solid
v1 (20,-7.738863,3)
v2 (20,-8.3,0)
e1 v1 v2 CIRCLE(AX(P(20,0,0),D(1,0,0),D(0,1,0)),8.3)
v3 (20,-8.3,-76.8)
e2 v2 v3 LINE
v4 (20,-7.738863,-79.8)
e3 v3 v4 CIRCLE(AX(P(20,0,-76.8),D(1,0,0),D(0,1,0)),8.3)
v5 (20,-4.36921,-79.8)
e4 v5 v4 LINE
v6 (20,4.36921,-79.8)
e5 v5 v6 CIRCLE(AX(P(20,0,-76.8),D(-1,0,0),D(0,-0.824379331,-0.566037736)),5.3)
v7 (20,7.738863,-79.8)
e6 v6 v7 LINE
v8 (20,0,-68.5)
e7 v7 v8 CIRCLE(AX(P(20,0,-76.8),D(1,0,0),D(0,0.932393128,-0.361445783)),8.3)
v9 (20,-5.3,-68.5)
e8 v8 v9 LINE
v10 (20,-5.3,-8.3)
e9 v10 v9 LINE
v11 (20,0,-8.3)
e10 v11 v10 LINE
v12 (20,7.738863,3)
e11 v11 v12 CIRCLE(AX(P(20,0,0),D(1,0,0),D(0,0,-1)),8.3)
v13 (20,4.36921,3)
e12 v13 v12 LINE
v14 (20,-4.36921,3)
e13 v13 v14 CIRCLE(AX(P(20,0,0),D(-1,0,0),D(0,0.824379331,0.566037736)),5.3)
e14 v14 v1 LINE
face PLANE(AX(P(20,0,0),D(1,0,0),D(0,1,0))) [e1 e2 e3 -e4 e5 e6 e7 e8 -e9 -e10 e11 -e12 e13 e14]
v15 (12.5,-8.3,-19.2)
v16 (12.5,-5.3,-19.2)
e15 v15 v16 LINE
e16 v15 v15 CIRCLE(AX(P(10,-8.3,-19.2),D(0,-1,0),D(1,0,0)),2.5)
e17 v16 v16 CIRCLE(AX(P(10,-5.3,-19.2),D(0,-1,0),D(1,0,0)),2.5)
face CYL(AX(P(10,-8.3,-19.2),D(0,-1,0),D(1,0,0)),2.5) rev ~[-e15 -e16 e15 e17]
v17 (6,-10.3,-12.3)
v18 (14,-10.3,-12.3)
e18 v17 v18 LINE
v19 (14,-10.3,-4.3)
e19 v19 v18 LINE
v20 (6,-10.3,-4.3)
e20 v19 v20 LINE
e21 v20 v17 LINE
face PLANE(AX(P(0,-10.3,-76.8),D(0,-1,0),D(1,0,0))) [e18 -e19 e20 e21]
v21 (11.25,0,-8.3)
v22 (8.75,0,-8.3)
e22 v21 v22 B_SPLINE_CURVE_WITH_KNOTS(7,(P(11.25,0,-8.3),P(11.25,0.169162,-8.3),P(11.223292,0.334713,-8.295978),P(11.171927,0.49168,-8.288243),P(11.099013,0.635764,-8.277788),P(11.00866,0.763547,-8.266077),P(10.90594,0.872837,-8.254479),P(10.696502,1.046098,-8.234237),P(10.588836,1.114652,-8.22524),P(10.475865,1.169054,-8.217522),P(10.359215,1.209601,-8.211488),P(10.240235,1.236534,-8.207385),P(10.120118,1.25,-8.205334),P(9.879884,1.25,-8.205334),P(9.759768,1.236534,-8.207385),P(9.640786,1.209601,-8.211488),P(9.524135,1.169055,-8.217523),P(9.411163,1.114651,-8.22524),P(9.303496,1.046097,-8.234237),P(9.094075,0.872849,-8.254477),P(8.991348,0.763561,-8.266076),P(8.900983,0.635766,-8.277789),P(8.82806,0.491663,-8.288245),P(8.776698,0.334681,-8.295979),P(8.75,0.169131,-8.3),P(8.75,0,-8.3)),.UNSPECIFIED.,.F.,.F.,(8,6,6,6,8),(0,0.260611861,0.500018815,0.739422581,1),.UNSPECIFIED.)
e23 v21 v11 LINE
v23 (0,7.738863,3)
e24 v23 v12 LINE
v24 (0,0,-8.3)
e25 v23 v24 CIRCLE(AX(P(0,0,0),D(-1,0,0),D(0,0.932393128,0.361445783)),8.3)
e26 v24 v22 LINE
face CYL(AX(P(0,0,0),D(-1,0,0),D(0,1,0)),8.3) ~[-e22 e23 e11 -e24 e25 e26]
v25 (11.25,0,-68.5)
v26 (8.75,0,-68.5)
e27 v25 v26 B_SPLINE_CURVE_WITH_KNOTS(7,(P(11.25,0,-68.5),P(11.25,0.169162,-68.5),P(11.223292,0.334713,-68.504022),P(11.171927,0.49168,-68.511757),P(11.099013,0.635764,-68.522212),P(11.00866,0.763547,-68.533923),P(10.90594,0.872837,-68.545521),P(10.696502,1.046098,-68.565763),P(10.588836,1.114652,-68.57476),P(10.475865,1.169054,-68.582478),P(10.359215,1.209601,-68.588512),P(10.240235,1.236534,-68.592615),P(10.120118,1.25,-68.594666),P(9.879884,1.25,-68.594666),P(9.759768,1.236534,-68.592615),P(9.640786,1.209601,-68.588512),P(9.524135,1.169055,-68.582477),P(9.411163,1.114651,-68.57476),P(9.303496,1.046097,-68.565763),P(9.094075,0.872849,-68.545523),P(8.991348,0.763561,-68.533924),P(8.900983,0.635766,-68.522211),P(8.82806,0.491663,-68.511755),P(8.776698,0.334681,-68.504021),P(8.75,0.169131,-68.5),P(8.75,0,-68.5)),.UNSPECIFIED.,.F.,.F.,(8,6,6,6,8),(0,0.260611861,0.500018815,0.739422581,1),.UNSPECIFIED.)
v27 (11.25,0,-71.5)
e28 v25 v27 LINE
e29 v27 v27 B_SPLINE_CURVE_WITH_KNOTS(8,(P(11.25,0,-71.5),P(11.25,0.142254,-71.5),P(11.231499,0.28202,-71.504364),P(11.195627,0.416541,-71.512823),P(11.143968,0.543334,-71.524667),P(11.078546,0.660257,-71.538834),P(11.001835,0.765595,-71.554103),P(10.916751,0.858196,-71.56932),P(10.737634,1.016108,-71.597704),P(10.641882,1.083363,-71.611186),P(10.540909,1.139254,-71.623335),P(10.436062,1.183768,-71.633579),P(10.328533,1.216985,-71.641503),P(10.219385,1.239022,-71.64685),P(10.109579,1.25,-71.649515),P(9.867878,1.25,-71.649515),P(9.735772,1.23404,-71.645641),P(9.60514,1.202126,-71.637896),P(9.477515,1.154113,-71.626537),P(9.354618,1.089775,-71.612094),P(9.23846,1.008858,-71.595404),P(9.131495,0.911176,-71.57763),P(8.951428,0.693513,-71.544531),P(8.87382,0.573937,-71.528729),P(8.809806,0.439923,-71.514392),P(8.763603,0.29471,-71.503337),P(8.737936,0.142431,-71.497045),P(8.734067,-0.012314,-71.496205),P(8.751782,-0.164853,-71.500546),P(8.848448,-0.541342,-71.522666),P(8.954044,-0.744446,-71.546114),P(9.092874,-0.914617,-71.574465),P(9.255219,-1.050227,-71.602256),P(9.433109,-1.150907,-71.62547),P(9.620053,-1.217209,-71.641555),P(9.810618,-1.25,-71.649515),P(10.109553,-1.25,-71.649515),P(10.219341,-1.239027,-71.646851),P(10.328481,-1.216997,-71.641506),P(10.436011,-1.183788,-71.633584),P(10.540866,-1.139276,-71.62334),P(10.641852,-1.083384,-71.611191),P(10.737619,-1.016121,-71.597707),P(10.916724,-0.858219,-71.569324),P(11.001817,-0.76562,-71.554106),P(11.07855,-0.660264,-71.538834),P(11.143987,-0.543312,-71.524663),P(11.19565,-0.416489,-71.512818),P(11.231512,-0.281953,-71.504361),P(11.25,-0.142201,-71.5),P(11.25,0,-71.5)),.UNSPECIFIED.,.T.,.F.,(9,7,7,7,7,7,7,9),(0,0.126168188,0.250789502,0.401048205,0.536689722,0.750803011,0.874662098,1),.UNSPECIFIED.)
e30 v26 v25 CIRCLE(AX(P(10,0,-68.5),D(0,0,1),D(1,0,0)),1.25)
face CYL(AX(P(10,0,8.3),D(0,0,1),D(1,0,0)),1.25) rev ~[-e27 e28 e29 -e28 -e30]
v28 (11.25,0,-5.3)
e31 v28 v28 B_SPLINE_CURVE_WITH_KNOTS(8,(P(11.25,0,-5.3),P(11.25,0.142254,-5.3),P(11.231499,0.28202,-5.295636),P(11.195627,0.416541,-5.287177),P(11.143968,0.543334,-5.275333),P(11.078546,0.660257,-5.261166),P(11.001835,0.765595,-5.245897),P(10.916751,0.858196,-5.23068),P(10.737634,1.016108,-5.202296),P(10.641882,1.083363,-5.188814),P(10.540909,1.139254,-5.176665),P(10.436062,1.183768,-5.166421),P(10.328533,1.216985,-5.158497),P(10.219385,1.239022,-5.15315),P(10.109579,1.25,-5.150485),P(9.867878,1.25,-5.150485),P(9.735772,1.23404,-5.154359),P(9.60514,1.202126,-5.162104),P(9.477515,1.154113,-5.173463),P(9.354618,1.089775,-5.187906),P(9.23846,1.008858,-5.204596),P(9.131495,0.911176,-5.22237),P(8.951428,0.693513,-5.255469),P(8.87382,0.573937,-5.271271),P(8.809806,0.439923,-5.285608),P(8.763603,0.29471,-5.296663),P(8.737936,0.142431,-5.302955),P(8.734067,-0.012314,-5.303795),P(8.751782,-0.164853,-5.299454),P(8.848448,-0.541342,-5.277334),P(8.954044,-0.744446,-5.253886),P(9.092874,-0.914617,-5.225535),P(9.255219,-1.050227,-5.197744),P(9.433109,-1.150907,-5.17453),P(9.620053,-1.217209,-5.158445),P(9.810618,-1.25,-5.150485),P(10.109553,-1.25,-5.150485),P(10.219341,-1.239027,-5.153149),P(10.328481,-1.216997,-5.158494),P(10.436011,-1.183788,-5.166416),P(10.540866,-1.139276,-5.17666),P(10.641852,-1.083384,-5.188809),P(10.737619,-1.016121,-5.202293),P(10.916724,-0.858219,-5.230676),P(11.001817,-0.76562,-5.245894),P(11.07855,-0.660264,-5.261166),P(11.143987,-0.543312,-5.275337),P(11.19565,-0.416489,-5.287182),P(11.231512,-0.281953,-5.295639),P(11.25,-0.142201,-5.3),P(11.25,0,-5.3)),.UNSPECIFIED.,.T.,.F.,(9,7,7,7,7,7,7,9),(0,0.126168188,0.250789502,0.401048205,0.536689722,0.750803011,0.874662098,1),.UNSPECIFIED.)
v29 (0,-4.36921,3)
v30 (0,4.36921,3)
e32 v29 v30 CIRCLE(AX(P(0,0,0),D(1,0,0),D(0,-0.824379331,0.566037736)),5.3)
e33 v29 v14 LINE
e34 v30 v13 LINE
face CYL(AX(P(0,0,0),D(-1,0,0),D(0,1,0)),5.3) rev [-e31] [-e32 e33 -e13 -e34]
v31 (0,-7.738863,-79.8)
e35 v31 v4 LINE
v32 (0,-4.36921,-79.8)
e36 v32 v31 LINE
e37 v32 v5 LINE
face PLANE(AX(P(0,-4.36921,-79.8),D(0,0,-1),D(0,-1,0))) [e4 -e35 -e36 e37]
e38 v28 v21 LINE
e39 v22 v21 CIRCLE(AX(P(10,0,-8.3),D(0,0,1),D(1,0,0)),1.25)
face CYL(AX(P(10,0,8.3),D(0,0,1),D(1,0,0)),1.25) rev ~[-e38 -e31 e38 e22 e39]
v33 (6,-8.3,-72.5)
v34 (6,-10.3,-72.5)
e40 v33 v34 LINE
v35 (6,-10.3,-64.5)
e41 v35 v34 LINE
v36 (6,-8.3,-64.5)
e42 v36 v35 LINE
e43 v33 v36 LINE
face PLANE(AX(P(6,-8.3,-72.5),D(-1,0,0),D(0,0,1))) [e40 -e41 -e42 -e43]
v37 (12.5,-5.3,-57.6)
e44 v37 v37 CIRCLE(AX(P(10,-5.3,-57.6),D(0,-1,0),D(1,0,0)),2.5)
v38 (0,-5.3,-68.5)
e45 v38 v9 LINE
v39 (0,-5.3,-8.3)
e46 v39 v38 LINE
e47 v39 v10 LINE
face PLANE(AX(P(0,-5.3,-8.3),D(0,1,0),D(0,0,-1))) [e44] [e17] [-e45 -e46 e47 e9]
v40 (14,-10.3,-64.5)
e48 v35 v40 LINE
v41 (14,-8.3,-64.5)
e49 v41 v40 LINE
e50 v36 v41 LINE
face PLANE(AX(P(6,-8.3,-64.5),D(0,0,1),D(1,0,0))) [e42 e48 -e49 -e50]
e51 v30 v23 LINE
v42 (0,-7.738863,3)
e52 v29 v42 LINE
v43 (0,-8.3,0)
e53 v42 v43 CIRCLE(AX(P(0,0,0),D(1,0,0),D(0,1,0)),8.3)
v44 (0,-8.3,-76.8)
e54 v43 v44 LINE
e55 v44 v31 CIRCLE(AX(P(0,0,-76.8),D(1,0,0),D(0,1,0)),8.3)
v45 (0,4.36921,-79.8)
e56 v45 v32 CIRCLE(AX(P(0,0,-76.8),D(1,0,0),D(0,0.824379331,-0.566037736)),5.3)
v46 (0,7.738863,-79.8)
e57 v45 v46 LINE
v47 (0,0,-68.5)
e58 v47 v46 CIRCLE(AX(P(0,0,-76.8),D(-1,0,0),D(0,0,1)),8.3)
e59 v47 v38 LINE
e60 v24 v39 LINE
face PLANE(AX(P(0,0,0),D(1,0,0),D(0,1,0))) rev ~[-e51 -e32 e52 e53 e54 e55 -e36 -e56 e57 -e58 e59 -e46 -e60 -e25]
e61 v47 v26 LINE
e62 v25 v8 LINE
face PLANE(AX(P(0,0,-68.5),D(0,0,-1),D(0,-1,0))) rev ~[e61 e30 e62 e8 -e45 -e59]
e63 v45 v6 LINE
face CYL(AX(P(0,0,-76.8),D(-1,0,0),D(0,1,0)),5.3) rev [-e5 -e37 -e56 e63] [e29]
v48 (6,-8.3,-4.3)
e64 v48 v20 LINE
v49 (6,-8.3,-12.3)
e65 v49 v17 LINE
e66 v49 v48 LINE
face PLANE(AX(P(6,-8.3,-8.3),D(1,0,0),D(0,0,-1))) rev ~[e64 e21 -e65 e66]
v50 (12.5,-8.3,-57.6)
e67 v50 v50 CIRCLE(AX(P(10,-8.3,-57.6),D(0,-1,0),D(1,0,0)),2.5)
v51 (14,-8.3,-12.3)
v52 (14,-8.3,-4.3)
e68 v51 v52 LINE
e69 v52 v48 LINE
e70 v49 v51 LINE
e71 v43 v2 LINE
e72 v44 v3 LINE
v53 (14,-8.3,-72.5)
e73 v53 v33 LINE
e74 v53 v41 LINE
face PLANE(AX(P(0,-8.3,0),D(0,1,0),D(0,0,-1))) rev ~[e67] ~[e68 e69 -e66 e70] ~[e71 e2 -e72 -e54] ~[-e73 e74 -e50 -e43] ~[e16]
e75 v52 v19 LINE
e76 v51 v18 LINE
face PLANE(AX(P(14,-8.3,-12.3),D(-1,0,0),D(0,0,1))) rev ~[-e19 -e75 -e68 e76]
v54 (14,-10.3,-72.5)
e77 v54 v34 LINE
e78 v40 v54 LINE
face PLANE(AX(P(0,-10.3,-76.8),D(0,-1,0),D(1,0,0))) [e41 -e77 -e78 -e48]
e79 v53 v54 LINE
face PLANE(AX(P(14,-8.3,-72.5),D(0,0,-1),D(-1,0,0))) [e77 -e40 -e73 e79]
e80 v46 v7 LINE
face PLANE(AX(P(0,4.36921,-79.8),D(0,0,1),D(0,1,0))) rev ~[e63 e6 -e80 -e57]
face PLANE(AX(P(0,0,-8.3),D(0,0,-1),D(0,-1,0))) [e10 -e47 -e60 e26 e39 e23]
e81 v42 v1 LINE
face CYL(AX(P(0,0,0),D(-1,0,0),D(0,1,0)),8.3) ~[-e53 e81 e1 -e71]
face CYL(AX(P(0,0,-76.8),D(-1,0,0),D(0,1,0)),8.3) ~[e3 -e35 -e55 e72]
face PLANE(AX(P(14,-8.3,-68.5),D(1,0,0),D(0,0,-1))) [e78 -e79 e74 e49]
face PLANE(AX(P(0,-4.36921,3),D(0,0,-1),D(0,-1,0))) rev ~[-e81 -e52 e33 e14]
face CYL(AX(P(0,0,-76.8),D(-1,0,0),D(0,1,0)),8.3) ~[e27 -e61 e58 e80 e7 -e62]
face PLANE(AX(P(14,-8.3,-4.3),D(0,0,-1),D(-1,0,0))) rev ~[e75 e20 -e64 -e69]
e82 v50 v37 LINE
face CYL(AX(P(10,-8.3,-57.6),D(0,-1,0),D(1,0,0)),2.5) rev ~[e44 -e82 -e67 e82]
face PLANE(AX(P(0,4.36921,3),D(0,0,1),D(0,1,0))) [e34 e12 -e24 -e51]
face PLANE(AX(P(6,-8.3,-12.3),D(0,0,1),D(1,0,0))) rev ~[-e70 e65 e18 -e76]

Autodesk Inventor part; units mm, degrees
ref_plane "YZ Plane" through (0, 0, 0) normal (1, 0, 0) x (0, 1, 0)
ref_plane "XZ Plane" through (0, 0, 0) normal (0, 1, 0) x (-1, 0, 0)
sketch "스케치1" plane through (0, 0, 0) normal (1, 0, 0) x (0, 1, 0)
  circle A0 centre (0, 0) radius 5.3
  circle A1 centre (0, 0) radius 5
  line L0 (4, 3) -> (-4, 3)
  circle A2 centre (0, 0) radius 8.3
  line L1 (4, 3) -> (11.6093, 3)
  line L2 (-4, 3) -> (-10.334, 3)
  line L3 (11.6093, -38.4) -> (-10.334, -38.4) construction
  circle A3 centre (0, -76.8) radius 5.3
  circle A4 centre (0, -76.8) radius 5
  line L4 (4, -79.8) -> (-4, -79.8)
  circle A5 centre (0, -76.8) radius 8.3
  line L5 (4, -79.8) -> (11.6093, -79.8)
  line L6 (-4, -79.8) -> (-10.334, -79.8)
  line L7 (-8.3, 0) -> (-8.3, -76.8)
  line L8 (-5.3, 0) -> (-5.3, -76.8)
  line L9 (0, -8.3) -> (-5.3, -8.3)
  line L10 (0, -68.5) -> (-5.3, -68.5)
  point P0 (0, 3)
  point P1 (0, -79.8)
  point P2 (-4.3692, -79.8)
  point P3 (4.3692, -79.8)
  point P4 (7.7389, 3)
  point P5 (4.3692, 3)
  point P6 (-4.3692, 3)
  point P7 (-7.7389, 3)
  point P8 (-7.7389, -79.8)
  point P9 (7.7389, -79.8)
  dimension "d0" = 10.6
  dimension "d1" = 3
  dimension "d2" = 10
  dimension "d3" = 16.6
  dimension "d4" = 38.4
extrude "돌출1" add sketch "스케치1" along normal blind 20 contours L8 A2 L2 A0 | A0 L1 A2 L8 | L8 A5 L7 A2 | A2 L9 L8 | A5 L8 A3 L6 | L10 A5 L8 | A5 L5 A3 L8
ref_plane "작업 평면1" through (0, 0, 8.3) normal (0, 0, 1) x (1, 0, 0)
sketch "스케치2" plane through (0, 0, 8.3) normal (0, 0, 1) x (1, 0, 0)
  line L0 (0, 4.3692) -> (20, 4.3692) projected
  line L1 (0, 0) -> (0, 7.7389) projected
  line L2 (0, -8.3) -> (20, -8.3) projected
  line L3 (20, 0) -> (20, 7.7389) projected
  line L4 (0, 0) -> (20, 0) projected
  line L5 (0, 8.3) -> (20, 8.3) projected
  circle A0 centre (10, 0) radius 1.25
  line L6 (0, 7.7389) -> (20, 7.7389) projected
  line L7 (0, -7.7389) -> (0, -8.3) projected
  line L8 (20, -7.7389) -> (20, -8.3) projected
  line L9 (0, -7.7389) -> (20, -7.7389) projected
  point P0 (0, 0)
  dimension "d7" = 2.5
extrude "돌출2" cut sketch "스케치2" along normal through all both and the other way through all contours A0 L4 | L4 A0
sketch "스케치3" plane through (0, -8.3, -76.8) normal (0, -1, 0) x (1, 0, 0)
  line L0 (0, 76.8) -> (0, 0) projected
  line L1 (0, 0) -> (20, 0) projected
  line L2 (20, 76.8) -> (20, 0) projected
  line L3 (0, 76.8) -> (20, 76.8) projected
  line L4 (0, 0) -> (0, -3) projected
  line L5 (0, -3) -> (20, -3) projected
  line L6 (20, 0) -> (20, -3) projected
  line L7 (0, 0) -> (20, 0) projected
  line L8 (0, 79.8) -> (0, 76.8) projected
  line L9 (0, 76.8) -> (20, 76.8) projected
  line L10 (20, 79.8) -> (20, 76.8) projected
  line L11 (0, 79.8) -> (20, 79.8) projected
  line L12 (20, 38.4) -> (0, 38.4) construction
  line L13 (0, 79.8) -> (20, 79.8) projected
  line L14 (10, 79.8) -> (10, -3) construction
  circle A0 centre (10, 19.2) radius 2.5
  line L15 (6, 12.3) -> (14, 12.3)
  line L16 (14, 12.3) -> (14, 4.3)
  line L17 (14, 4.3) -> (6, 4.3)
  line L18 (6, 4.3) -> (6, 12.3)
  line L19 (0, 8.3) -> (20, 8.3) projected
  line L20 (6, 12.3) -> (14, 4.3) construction
  line L21 (14, 12.3) -> (6, 4.3) construction
  circle A1 centre (10, 57.6) radius 2.5
  line L22 (6, 64.5) -> (14, 64.5)
  line L23 (14, 64.5) -> (14, 72.5)
  line L24 (14, 72.5) -> (6, 72.5)
  line L25 (6, 72.5) -> (6, 64.5)
  line L26 (0, 68.5) -> (20, 68.5)
  line L27 (6, 64.5) -> (14, 72.5) construction
  line L28 (14, 64.5) -> (6, 72.5) construction
  point P0 (10, 8.3)
  point P1 (10, 68.5)
  dimension "d10" = 38.4
  dimension "d11" = 10
  dimension "d12" = 5
  dimension "d13" = 19.2
  dimension "d14" = 8
  dimension "d15" = 8
extrude "돌출3" cut sketch "스케치3" against normal blind 20 contours A0 | A1
extrude "돌출4" add sketch "스케치3" along normal blind 2 contours L26 L23 L22 L25 | L25 L24 L23 L26 | L19 L16 L17 L18 | L18 L15 L16 L19
properties part number "pipe_holder_typeA"
